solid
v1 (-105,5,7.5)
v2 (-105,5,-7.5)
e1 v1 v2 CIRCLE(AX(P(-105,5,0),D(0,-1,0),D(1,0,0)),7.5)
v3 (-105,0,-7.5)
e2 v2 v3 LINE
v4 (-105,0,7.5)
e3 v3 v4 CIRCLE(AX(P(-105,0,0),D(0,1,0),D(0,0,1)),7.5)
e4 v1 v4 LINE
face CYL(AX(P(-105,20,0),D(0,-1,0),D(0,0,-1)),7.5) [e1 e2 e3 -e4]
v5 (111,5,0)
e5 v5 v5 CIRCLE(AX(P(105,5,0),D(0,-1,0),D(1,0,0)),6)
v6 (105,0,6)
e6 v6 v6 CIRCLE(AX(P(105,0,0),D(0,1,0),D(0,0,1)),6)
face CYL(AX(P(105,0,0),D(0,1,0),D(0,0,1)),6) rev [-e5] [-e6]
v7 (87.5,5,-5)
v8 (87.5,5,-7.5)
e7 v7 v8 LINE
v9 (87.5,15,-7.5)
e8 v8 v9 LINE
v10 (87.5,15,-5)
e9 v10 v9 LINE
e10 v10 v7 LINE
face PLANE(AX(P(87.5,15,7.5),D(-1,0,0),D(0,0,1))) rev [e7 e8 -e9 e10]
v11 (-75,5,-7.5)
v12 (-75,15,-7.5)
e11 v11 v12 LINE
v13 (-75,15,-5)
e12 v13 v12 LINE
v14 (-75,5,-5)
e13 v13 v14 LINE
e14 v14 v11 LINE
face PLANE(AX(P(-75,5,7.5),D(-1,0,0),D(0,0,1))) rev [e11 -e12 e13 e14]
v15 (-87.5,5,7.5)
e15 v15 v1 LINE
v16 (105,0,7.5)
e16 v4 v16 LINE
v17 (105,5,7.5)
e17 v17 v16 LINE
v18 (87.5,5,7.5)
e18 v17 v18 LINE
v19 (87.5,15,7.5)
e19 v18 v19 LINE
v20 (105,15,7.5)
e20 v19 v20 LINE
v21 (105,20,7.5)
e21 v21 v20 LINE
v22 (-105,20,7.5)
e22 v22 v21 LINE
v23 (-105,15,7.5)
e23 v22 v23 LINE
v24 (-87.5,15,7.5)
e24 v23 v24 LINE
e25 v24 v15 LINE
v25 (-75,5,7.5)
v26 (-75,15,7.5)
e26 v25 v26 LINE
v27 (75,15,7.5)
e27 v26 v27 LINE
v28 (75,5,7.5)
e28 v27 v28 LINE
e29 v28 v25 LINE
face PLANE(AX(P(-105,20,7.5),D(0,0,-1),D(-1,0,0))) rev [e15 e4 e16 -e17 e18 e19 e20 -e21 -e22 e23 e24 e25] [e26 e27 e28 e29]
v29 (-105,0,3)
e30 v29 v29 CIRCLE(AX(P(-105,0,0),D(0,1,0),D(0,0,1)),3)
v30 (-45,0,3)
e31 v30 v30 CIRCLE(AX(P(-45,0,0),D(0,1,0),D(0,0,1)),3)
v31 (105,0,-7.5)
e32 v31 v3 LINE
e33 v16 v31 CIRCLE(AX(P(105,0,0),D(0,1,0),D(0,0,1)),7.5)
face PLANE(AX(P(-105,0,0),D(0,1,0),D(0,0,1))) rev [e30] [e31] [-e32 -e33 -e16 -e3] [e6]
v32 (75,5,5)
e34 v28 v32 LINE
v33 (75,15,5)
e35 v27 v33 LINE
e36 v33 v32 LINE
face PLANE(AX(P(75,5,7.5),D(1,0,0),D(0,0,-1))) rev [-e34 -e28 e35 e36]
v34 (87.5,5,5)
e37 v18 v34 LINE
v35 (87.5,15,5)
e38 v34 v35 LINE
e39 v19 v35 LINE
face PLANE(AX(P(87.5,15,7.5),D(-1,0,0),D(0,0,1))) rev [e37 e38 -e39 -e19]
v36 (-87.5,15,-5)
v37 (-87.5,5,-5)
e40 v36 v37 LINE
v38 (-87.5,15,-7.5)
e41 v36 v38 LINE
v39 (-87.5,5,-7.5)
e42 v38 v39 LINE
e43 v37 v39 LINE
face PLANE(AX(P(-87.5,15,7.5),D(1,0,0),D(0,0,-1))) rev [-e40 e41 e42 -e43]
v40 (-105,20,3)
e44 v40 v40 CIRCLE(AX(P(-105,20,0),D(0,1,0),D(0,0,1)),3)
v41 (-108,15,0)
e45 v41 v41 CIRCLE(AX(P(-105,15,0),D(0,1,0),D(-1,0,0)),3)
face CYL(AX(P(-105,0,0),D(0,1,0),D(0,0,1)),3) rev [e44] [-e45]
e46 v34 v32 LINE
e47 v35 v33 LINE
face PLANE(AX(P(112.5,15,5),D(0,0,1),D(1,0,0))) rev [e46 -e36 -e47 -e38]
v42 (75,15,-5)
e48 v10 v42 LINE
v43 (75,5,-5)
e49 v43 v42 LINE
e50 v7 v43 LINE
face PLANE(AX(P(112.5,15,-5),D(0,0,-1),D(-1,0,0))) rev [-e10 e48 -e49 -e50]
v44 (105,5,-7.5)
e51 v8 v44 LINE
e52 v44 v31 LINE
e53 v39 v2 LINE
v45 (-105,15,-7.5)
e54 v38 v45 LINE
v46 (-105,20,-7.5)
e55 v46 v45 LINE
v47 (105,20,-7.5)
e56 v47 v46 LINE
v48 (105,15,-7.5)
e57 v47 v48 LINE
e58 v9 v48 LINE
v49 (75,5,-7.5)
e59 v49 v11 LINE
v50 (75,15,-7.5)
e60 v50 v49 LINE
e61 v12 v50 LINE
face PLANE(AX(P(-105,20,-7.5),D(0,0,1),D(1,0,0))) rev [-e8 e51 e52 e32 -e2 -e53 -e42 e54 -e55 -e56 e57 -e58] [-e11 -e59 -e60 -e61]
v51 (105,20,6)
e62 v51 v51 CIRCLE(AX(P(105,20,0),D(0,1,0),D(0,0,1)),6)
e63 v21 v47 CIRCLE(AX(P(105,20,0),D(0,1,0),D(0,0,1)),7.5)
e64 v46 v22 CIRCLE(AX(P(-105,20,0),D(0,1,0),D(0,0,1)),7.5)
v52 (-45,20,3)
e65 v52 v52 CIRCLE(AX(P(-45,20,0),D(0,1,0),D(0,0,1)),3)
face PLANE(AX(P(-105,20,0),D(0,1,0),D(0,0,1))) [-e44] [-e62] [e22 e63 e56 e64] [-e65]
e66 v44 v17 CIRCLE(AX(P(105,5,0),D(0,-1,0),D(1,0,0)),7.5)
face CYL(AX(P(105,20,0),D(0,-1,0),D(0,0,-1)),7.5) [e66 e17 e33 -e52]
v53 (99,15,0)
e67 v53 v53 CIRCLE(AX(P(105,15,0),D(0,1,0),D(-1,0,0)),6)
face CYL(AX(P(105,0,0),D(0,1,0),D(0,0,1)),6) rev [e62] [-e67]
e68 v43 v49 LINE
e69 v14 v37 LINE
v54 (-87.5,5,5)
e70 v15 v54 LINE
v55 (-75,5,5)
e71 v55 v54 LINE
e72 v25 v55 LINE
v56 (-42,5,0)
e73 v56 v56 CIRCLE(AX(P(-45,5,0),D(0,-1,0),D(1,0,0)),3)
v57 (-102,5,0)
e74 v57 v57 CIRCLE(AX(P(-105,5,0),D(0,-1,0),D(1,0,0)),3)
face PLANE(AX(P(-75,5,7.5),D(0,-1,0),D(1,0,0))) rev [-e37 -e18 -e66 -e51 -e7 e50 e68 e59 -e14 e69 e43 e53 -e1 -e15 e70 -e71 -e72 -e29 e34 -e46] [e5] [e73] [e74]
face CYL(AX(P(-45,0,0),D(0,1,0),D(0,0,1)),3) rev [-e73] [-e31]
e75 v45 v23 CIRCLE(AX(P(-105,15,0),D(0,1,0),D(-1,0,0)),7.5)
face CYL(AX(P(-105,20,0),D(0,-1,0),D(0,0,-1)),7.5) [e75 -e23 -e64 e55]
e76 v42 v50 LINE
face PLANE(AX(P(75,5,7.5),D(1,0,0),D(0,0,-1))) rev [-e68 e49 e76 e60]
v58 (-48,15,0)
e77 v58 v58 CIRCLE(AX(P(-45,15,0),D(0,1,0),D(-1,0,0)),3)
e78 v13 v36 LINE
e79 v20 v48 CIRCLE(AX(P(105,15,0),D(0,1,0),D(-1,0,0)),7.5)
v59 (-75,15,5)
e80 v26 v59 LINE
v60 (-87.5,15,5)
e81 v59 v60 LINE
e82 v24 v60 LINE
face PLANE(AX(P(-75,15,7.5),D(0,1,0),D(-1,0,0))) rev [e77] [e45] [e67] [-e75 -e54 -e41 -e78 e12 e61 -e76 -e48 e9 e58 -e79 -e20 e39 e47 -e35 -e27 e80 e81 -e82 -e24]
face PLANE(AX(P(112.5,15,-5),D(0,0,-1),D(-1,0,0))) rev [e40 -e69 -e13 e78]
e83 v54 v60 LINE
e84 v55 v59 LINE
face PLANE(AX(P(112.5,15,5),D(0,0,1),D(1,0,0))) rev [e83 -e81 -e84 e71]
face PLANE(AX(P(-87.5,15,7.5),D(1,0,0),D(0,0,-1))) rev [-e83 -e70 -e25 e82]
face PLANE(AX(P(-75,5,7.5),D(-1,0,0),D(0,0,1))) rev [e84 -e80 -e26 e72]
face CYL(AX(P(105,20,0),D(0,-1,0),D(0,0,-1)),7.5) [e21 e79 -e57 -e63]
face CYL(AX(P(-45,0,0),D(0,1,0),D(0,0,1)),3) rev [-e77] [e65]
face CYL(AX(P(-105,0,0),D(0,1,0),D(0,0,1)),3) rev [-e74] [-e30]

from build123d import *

# Parameters (mm, degrees)
EXTRUDE_1_DEPTH     = 20
SKETCH_2_W          = 150
SKETCH_2_H          = 10
CUT_EXTRUDE_3_DEPTH = 116.244305716
SKETCH_3_W          = 25
SKETCH_3_H          = 10
CUT_EXTRUDE_4_DEPTH = 116.244305716
SKETCH_4_W          = 10
SKETCH_4_H          = 10
CUT_EXTRUDE_5_DEPTH = 202.137390855
SKETCH_5_R          = 3
SKETCH_5_R_2        = 6
CUT_EXTRUDE_6_DEPTH = 115.509824906
SKETCH_6_R          = 3
CUT_EXTRUDE_7_DEPTH = 115.509824906


with BuildPart() as part:
    # 草图1 → 凸台-拉伸1 (new body)
    with BuildSketch(Plane(origin=(0, 0, 0), x_dir=(1, 0, 0), z_dir=(0, 1, 0))):
        with BuildLine():
            Line((-105, 7.5), (105, 7.5))
            ThreePointArc((105, 7.5), (112.5, 0), (105, -7.5))
            Line((105, -7.5), (-105, -7.5))
            ThreePointArc((-105, -7.5), (-112.5, 0), (-105, 7.5))
        make_face()
    extrude(amount=EXTRUDE_1_DEPTH)

    # 草图2 → 切除-拉伸3 (cut, through all)
    with BuildSketch(Plane(origin=(0, 0, -7.5), x_dir=(-1, 0, 0), z_dir=(0, 0, -1))):
        with Locations((0, 10)):
            Rectangle(SKETCH_2_W, SKETCH_2_H)
    extrude(amount=-CUT_EXTRUDE_3_DEPTH, mode=Mode.SUBTRACT)

    # 草图3 → 切除-拉伸4 (cut, through all)
    with BuildSketch(Plane(origin=(0, 0, -7.5), x_dir=(-1, 0, 0), z_dir=(0, 0, -1))):
        with Locations((100, 10)):
            Rectangle(SKETCH_3_W, SKETCH_3_H)
        with Locations((-100, 10)):
            Rectangle(SKETCH_3_W, SKETCH_3_H)
    extrude(amount=-CUT_EXTRUDE_4_DEPTH, mode=Mode.SUBTRACT)

    # 草图4 → 切除-拉伸5 (cut, through all)
    with BuildSketch(Plane.ZY.offset(87.5)):
        with Locations((0, 10)):
            Rectangle(SKETCH_4_W, SKETCH_4_H)
    extrude(amount=-CUT_EXTRUDE_5_DEPTH, mode=Mode.SUBTRACT)

    # 草图5 → 切除-拉伸6 (cut, through all)
    with BuildSketch(Plane(origin=(0, 20, 0), x_dir=(1, 0, 0), z_dir=(0, 1, 0))):
        with Locations(Location((-105, 0, 0), (0, 0, 270))):
            Circle(SKETCH_5_R)
        with Locations(Location((105, 0, 0), (0, 0, 270))):
            Circle(SKETCH_5_R_2)
    extrude(amount=-CUT_EXTRUDE_6_DEPTH, mode=Mode.SUBTRACT)

    # 草图6 → 切除-拉伸7 (cut, through all)
    with BuildSketch(Plane(origin=(0, 20, 0), x_dir=(1, 0, 0), z_dir=(0, 1, 0))):
        with Locations(Location((-45, 0, 0), (0, 0, 270))):
            Circle(SKETCH_6_R)
    extrude(amount=-CUT_EXTRUDE_7_DEPTH, mode=Mode.SUBTRACT)


solid = part.part
